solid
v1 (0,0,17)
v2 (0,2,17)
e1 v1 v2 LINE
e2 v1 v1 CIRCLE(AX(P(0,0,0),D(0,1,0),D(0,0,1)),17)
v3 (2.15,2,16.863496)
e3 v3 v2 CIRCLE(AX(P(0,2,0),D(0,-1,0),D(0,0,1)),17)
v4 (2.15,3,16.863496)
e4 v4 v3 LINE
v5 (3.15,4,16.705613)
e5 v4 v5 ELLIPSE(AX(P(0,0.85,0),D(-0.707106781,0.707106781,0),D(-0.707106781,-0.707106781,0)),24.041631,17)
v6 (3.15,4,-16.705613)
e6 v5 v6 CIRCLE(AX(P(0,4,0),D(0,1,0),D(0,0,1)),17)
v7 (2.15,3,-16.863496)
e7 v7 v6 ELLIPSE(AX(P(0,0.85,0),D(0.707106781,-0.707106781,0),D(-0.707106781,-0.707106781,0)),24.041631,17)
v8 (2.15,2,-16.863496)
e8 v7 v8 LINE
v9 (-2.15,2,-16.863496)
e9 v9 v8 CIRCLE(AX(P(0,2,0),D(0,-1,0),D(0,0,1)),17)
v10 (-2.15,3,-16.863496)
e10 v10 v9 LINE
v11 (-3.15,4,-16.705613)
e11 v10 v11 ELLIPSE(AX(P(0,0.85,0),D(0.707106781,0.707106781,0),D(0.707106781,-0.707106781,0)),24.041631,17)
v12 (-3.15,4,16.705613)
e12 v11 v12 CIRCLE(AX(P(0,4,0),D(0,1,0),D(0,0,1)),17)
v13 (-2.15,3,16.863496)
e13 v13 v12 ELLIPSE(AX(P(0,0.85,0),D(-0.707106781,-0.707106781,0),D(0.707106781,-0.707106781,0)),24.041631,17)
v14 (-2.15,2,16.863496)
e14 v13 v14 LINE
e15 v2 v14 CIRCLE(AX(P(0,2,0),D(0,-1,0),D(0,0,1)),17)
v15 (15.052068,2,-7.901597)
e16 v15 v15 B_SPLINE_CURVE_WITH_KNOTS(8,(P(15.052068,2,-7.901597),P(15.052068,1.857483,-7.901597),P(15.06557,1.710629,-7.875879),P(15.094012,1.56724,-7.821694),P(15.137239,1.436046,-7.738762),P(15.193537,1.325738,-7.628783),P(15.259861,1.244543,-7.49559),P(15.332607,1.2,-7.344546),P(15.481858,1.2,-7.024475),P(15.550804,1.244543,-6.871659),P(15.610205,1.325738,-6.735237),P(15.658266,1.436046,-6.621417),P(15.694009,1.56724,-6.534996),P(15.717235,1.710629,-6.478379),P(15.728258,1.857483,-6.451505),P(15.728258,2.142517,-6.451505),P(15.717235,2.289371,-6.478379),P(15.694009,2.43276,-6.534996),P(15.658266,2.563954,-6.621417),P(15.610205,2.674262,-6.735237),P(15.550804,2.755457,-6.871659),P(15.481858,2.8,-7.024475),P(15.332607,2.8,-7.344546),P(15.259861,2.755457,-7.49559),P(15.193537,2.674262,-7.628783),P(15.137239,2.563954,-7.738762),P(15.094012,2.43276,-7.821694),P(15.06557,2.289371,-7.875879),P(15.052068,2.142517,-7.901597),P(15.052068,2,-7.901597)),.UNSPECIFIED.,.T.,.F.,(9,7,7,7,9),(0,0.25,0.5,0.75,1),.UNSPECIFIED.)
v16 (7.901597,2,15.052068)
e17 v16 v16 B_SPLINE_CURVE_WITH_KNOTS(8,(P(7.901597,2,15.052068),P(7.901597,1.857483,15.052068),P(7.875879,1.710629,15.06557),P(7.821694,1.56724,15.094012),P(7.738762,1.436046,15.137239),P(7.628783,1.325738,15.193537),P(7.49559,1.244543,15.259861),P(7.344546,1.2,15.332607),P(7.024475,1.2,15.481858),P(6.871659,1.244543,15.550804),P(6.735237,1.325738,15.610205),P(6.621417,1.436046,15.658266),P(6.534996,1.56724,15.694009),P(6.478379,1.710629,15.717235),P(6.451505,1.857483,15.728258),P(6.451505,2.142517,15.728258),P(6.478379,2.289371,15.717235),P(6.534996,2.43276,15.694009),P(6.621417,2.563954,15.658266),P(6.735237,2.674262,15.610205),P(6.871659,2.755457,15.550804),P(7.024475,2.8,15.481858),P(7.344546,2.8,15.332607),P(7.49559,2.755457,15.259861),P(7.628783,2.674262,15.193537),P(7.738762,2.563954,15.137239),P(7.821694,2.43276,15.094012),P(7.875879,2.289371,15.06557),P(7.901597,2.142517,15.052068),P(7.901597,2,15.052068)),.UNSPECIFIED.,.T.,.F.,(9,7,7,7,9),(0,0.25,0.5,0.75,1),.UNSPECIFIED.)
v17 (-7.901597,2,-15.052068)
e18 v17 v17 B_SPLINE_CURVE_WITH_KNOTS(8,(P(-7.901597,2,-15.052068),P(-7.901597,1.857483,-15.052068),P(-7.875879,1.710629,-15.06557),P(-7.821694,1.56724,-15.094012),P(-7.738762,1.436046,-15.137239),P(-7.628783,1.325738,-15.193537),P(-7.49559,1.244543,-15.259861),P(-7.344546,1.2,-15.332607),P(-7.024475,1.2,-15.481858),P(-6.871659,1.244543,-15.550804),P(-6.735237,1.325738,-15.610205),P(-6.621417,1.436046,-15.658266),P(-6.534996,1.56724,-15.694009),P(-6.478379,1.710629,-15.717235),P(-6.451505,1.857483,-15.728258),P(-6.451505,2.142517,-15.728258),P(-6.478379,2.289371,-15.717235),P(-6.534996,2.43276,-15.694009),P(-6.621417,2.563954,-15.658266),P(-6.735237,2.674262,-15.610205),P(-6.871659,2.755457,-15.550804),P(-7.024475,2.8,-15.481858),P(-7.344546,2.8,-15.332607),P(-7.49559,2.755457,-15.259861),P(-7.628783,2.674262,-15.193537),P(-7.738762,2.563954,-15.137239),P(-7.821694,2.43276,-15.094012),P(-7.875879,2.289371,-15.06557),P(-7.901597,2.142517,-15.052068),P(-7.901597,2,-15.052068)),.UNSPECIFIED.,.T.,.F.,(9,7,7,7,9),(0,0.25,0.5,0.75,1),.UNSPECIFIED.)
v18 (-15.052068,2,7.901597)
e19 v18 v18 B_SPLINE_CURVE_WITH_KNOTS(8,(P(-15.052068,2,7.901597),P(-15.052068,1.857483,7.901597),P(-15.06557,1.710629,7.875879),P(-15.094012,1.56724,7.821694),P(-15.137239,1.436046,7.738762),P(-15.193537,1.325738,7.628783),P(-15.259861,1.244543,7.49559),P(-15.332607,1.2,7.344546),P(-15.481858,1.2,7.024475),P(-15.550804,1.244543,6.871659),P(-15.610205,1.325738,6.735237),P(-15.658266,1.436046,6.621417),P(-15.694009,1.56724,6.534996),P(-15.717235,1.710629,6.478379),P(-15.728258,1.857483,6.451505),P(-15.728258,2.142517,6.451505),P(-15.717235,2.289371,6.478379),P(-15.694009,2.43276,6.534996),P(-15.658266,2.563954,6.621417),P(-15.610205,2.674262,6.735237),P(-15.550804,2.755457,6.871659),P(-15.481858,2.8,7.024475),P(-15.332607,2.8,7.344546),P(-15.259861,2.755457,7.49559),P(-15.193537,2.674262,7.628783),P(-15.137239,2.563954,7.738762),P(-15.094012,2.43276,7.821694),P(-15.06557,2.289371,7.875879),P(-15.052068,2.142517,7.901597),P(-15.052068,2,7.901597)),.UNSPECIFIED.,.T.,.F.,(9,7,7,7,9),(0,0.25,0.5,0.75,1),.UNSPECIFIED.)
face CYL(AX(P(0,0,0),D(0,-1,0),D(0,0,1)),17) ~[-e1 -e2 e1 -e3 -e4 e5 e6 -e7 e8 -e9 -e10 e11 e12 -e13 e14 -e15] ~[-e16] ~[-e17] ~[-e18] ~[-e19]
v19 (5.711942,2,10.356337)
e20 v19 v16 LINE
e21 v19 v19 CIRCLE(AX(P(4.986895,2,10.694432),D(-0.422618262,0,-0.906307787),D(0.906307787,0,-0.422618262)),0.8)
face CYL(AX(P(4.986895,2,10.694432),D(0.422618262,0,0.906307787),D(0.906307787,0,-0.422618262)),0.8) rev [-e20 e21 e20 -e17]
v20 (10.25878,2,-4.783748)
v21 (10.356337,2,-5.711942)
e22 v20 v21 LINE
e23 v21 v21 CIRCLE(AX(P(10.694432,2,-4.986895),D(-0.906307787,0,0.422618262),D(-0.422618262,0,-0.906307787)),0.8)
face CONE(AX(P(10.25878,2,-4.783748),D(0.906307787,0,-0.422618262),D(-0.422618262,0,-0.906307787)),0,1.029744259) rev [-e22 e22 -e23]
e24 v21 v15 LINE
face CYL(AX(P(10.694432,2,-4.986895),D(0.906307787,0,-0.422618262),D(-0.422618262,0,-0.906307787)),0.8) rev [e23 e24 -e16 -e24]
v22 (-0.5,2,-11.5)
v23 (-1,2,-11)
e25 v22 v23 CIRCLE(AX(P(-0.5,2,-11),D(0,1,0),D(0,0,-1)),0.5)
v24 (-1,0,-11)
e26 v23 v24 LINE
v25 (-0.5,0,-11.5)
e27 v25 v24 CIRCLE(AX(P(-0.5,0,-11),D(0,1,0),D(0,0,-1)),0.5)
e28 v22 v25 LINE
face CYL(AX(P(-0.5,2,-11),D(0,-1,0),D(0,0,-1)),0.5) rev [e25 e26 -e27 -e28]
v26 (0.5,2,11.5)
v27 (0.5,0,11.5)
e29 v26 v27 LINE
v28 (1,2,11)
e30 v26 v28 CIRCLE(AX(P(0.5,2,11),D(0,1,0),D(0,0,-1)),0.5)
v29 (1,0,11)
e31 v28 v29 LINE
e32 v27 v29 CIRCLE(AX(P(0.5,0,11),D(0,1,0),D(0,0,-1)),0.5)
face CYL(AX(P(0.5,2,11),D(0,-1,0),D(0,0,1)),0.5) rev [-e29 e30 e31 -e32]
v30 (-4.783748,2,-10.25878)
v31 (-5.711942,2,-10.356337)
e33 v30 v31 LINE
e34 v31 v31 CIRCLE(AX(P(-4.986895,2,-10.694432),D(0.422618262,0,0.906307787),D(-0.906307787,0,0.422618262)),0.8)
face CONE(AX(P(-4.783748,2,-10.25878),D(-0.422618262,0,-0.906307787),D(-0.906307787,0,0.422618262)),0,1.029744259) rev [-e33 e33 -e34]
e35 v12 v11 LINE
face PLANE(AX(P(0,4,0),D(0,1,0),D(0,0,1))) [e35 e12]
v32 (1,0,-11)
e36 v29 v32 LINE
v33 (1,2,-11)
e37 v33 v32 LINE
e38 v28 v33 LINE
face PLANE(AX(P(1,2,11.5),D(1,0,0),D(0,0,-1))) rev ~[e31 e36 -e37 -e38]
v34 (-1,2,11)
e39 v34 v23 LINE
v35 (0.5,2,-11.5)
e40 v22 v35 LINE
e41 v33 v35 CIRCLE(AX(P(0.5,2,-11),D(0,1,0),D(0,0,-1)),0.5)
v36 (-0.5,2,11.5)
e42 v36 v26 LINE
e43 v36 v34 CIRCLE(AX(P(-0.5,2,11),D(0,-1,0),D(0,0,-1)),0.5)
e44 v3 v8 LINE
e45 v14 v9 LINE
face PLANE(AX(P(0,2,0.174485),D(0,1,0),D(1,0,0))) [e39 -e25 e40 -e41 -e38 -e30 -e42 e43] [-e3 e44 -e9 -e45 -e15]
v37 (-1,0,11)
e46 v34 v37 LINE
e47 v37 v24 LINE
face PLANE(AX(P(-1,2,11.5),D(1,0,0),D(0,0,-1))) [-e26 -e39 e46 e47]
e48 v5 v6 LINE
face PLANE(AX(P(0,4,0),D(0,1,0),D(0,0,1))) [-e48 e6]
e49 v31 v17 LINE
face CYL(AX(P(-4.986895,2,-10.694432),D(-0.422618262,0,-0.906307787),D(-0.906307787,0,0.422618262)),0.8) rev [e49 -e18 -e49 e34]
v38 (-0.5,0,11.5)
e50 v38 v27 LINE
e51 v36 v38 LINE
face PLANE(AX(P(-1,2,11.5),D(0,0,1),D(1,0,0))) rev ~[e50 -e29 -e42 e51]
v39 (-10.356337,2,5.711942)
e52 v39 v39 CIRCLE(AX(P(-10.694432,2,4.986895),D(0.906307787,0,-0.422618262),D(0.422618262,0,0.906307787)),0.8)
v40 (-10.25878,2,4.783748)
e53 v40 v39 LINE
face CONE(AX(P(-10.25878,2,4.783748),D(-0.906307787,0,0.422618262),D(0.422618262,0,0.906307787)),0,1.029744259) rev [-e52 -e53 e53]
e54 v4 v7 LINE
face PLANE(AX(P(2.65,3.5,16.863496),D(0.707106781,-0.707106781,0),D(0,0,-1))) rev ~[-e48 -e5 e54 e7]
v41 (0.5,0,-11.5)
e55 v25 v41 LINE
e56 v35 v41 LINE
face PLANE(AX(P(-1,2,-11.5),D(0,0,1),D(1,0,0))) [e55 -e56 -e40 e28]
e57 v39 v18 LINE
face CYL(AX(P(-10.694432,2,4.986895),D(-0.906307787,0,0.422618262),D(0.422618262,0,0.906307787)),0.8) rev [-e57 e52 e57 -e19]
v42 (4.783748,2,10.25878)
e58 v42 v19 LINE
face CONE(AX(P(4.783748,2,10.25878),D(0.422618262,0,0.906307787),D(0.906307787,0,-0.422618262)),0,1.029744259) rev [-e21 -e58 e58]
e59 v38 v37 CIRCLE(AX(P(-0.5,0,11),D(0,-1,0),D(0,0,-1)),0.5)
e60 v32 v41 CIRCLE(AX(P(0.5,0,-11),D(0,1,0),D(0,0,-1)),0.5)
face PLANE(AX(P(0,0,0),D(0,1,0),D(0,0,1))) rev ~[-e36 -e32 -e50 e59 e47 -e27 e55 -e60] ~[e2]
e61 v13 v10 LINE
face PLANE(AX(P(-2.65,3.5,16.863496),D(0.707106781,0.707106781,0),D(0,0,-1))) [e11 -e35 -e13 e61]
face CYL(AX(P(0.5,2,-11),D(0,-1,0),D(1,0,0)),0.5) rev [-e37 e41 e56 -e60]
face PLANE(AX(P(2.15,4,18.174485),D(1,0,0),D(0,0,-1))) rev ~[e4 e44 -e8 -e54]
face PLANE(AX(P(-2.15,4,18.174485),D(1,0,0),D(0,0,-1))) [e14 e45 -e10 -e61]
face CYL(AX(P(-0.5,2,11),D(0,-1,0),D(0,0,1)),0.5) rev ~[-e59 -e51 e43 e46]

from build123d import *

# Parameters (mm, degrees)
SKETCH1_R           = 17
BOSS_EXTRUDE1_DEPTH = 4
SKETCH23_W          = 4.3
SKETCH23_H          = 36
CUT_EXTRUDE5_DEPTH  = 2
SKETCH24_W          = 2
SKETCH24_H          = 23
CUT_EXTRUDE6_DEPTH  = 25.124676164
FILLET4_R           = 0.5
CHAMFER1_SIZE       = 1
CIRPATTERN1_COUNT   = 4


with BuildPart() as part:
    # Sketch1 → Boss-Extrude1 (new body)
    with BuildSketch(Plane(origin=(0, 0, 0), x_dir=(1, 0, 0), z_dir=(0, 1, 0))):
        with Locations(Location((0, 0, 0), (0, 0, 270))):
            Circle(SKETCH1_R)
    extrude(amount=BOSS_EXTRUDE1_DEPTH)

    # Sketch23 → Cut-Extrude5 (cut)
    with BuildSketch(Plane(origin=(0, 4, 0), x_dir=(1, 0, 0), z_dir=(0, 1, 0))):
        with Locations((0, -0.174485126)):
            Rectangle(SKETCH23_W, SKETCH23_H)
    extrude(amount=-CUT_EXTRUDE5_DEPTH, mode=Mode.SUBTRACT)

    # Sketch24 → Cut-Extrude6 (cut, through all)
    with BuildSketch(Plane(origin=(0, 2, 0), x_dir=(1, 0, 0), z_dir=(0, 1, 0))):
        Rectangle(SKETCH24_W, SKETCH24_H)
    extrude(amount=-CUT_EXTRUDE6_DEPTH, mode=Mode.SUBTRACT)

    # Fillet4
    fillet4_edges = [part.edges().sort_by_distance(p)[0] for p in [
        (1, 1, -11.5),
        (1, 1, 11.5),
        (-1, 1, 11.5),
        (-1, 1, -11.5),
    ]]
    fillet(fillet4_edges, radius=FILLET4_R)

    # Chamfer1
    chamfer1_edges = [part.edges().sort_by_distance(p)[0] for p in [
        (-2.15, 4, 0),
        (2.15, 4, 0),
    ]]
    chamfer(chamfer1_edges, length=CHAMFER1_SIZE)

    # Sketch27 → M2 Tapped Hole1 (revolve, cut)
    with BuildSketch(Plane(origin=(-7.18451045, 2, -15.40723238), x_dir=(-0.9063077870366497, 0, 0.4226182617407), z_dir=(0, 1, 0))):
        Polygon((0, 0), (0, 5.680688495), (0.8, 5.2), (0.8, 0), align=None)
    m2_tapped_hole1 = revolve(axis=Axis((-9.868136412, 2, -21.162286827), (0.42261826174069994, 0, 0.9063077870366498)), mode=Mode.SUBTRACT)

    # CirPattern1: M2 Tapped Hole1 ×4 about axis
    cirpattern1_axis = Axis((0, 0, 0), (0, -1, 0))
    for i in range(1, CIRPATTERN1_COUNT):
        add(m2_tapped_hole1.rotate(cirpattern1_axis, i * 360 / CIRPATTERN1_COUNT), mode=Mode.SUBTRACT)


solid = part.part
